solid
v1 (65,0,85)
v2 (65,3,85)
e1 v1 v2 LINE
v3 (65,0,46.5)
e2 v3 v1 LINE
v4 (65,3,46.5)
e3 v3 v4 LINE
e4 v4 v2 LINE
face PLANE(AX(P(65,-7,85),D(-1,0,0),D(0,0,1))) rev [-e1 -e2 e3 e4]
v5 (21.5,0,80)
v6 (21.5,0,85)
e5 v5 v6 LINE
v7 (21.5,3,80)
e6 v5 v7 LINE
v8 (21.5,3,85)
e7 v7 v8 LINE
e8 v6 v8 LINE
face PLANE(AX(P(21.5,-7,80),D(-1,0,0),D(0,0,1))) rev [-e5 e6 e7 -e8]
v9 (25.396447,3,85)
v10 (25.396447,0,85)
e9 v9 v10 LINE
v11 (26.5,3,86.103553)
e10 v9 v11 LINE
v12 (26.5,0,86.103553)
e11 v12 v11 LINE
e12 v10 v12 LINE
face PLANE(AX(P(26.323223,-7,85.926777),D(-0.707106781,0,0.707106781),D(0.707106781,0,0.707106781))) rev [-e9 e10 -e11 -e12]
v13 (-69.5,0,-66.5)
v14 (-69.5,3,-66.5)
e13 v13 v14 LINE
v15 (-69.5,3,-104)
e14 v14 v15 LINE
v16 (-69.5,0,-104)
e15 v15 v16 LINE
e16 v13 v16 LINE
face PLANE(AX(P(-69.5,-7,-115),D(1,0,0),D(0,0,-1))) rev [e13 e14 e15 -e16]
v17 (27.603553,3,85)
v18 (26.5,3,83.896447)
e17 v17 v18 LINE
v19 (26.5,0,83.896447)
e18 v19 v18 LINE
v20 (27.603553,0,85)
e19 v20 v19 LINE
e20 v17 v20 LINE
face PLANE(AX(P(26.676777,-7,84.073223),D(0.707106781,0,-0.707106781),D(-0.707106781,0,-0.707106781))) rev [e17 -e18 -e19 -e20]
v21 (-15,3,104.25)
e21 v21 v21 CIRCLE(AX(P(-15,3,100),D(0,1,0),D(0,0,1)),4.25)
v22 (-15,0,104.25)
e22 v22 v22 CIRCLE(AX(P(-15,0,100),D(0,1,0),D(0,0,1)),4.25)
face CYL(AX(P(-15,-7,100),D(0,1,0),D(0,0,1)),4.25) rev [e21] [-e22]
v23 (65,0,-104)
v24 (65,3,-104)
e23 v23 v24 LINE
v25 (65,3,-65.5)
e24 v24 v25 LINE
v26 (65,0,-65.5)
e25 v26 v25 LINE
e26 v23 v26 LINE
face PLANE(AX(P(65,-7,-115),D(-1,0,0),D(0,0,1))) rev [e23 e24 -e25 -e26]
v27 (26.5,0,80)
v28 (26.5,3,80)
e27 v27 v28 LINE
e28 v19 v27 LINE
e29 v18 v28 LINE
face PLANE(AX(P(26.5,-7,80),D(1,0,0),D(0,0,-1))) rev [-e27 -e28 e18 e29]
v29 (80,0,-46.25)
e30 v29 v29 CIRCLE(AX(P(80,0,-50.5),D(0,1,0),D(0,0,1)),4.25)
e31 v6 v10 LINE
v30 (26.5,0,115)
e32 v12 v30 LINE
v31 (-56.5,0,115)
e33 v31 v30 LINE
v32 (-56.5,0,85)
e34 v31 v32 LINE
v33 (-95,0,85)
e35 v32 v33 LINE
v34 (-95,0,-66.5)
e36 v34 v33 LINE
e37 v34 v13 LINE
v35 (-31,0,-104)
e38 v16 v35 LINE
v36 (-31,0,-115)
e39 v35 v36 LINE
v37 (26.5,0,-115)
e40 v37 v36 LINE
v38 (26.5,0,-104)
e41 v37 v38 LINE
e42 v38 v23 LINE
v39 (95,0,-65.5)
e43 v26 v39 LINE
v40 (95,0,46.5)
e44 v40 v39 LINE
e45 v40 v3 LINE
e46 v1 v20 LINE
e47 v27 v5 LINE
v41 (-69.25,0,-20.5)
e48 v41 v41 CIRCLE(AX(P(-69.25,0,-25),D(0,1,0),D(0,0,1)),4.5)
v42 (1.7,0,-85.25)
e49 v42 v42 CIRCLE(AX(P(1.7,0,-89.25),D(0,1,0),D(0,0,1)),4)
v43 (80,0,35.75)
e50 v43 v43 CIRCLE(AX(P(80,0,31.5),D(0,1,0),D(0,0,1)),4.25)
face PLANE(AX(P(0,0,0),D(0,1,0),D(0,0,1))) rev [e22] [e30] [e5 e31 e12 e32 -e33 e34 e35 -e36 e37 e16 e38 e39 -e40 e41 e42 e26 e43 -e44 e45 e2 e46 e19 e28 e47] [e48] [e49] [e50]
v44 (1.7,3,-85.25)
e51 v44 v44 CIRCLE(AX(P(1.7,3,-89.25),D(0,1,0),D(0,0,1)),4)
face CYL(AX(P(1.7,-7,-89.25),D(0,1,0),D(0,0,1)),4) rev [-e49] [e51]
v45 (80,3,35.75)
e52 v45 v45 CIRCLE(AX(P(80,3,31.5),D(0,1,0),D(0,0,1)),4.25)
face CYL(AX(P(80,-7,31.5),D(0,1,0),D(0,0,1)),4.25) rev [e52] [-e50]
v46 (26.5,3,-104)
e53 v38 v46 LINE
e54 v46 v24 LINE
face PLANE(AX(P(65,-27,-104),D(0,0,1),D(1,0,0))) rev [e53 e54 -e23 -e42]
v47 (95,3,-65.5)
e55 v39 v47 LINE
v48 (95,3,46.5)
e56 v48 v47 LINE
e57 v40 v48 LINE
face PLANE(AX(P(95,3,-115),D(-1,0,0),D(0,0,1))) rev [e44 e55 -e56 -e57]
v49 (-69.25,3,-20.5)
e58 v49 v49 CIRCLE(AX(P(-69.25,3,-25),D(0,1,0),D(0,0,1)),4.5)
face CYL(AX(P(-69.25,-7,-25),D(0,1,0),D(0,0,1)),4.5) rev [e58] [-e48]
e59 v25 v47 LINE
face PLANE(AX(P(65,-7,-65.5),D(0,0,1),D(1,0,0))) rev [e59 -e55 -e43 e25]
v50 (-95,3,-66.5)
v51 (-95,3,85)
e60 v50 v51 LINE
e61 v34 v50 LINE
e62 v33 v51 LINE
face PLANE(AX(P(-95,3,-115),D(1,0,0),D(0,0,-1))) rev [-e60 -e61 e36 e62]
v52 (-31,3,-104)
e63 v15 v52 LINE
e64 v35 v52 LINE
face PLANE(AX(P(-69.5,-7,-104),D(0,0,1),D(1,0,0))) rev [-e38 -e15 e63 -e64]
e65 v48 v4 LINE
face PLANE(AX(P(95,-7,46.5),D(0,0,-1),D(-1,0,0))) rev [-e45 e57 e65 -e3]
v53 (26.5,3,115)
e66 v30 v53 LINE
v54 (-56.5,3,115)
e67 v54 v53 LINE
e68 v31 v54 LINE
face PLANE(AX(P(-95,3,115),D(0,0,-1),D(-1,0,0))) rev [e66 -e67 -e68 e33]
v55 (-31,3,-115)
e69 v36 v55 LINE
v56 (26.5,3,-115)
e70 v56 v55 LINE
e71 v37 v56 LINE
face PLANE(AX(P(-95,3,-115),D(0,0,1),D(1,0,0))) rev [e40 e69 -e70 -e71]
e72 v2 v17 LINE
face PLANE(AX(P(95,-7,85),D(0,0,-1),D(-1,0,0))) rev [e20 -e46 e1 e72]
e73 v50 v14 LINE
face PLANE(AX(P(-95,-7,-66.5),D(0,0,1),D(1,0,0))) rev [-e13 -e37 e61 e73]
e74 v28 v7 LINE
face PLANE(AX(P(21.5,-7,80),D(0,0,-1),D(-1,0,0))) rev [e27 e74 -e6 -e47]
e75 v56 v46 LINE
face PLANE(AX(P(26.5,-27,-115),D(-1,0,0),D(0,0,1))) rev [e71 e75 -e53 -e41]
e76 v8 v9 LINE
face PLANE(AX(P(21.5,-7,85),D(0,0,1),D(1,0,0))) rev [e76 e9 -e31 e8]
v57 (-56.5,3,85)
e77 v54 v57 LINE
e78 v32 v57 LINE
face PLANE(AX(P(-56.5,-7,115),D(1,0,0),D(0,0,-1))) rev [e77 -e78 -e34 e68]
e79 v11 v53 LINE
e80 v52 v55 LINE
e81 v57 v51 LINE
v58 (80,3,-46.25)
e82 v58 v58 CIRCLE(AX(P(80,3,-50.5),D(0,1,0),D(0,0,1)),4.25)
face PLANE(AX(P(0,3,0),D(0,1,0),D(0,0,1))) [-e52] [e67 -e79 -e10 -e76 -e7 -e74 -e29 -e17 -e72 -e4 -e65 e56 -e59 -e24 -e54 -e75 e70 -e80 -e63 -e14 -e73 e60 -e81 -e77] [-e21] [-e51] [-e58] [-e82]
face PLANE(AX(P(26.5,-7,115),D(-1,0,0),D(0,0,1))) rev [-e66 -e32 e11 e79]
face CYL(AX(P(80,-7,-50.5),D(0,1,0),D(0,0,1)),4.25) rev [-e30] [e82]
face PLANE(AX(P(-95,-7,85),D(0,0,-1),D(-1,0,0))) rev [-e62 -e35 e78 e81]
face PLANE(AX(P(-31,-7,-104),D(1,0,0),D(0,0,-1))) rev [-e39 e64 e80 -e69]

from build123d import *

# Parameters (mm, degrees)
CROQUIS1_W              = 190
CROQUIS1_H              = 230
SALIENTE_EXTRUIR2_DEPTH = 3
CROQUIS3_W              = 30
CROQUIS3_H              = 30
CORTAR_EXTRUIR1_DEPTH   = 10
CROQUIS5_W              = 38.5
CROQUIS5_H              = 30
CORTAR_EXTRUIR2_DEPTH   = 10
CROQUIS6_W              = 30
CROQUIS6_H              = 38.5
CORTAR_EXTRUIR3_DEPTH   = 10
CROQUIS7_W              = 38.5
CROQUIS7_H              = 30
CORTAR_EXTRUIR4_DEPTH   = 10
CORTAR_EXTRUIR12_DEPTH  = 10
CROQUIS11_W             = 5
CROQUIS11_H             = 5
CORTAR_EXTRUIR13_DEPTH  = 10
CORTAR_EXTRUIR14_DEPTH  = 10
CORTAR_EXTRUIR15_DEPTH  = 10
CORTAR_EXTRUIR16_DEPTH  = 10
CROQUIS15_W             = 30
CROQUIS15_H             = 38.5
CORTAR_EXTRUIR17_DEPTH  = 10
CROQUIS16_W             = 25.5
CROQUIS16_H             = 48.5
CORTAR_EXTRUIR18_DEPTH  = 10
CROQUIS17_W             = 24
CROQUIS17_H             = 11
CORTAR_EXTRUIR19_DEPTH  = 10
CROQUIS18_W             = 14.5
CROQUIS18_H             = 11
CORTAR_EXTRUIR20_DEPTH  = 10
CROQUIS19_R             = 4.25
CORTAR_EXTRUIR21_DEPTH  = 10
CROQUIS20_R             = 4.25
CORTAR_EXTRUIR22_DEPTH  = 10
CROQUIS21_R             = 4.5
CORTAR_EXTRUIR23_DEPTH  = 10
CROQUIS22_R             = 4
CORTAR_EXTRUIR24_DEPTH  = 10
CROQUIS23_W             = 30
CROQUIS23_H             = 38.5
CORTAR_EXTRUIR25_DEPTH  = 10
CROQUIS24_R             = 4.25
CORTAR_EXTRUIR26_DEPTH  = 10
SALIENTE_EXTRUIR4_DEPTH = 3
CROQUIS26_W             = 38.5
CROQUIS26_H             = 11
CORTAR_EXTRUIR27_DEPTH  = 30


with BuildPart() as part:
    # Croquis1 → Saliente-Extruir2 (new body)
    with BuildSketch(Plane(origin=(0, 0, 0), x_dir=(1, 0, 0), z_dir=(0, 1, 0))):
        Rectangle(CROQUIS1_W, CROQUIS1_H)
    extrude(amount=SALIENTE_EXTRUIR2_DEPTH)

    # Croquis3 → Cortar-Extruir1 (cut)
    with BuildSketch(Plane(origin=(0, 3, 0), x_dir=(1, 0, 0), z_dir=(0, 1, 0))):
        with Locations((80, -100)):
            Rectangle(CROQUIS3_W, CROQUIS3_H)
    extrude(amount=-CORTAR_EXTRUIR1_DEPTH, mode=Mode.SUBTRACT)

    # Croquis5 → Cortar-Extruir2 (cut)
    with BuildSketch(Plane(origin=(0, 3, 0), x_dir=(1, 0, 0), z_dir=(0, 1, 0))):
        with Locations((45.75, -100)):
            Rectangle(CROQUIS5_W, CROQUIS5_H)
    extrude(amount=-CORTAR_EXTRUIR2_DEPTH, mode=Mode.SUBTRACT)

    # Croquis6 → Cortar-Extruir3 (cut)
    with BuildSketch(Plane(origin=(0, 3, 0), x_dir=(1, 0, 0), z_dir=(0, 1, 0))):
        with Locations((80, -65.75)):
            Rectangle(CROQUIS6_W, CROQUIS6_H)
    extrude(amount=-CORTAR_EXTRUIR3_DEPTH, mode=Mode.SUBTRACT)

    # Croquis7 → Cortar-Extruir4 (cut)
    with BuildSketch(Plane(origin=(0, 3, 0), x_dir=(1, 0, 0), z_dir=(0, 1, 0))):
        with Locations((-75.75, -100)):
            Rectangle(CROQUIS7_W, CROQUIS7_H)
    extrude(amount=-CORTAR_EXTRUIR4_DEPTH, mode=Mode.SUBTRACT)

    # Croquis9 → Cortar-Extruir12 (cut)
    with BuildSketch(Plane(origin=(0, 3, 0), x_dir=(1, 0, 0), z_dir=(0, 1, 0))):
        Polygon((26.5, -85), (26.5, -85.75), (25.75, -85), (26.5, -84.25), (27.25, -85), align=None)
    extrude(amount=-CORTAR_EXTRUIR12_DEPTH, mode=Mode.SUBTRACT)

    # Croquis11 → Cortar-Extruir13 (cut)
    with BuildSketch(Plane(origin=(0, 3, 0), x_dir=(1, 0, 0), z_dir=(0, 1, 0))):
        with Locations((24, -82.5)):
            Rectangle(CROQUIS11_W, CROQUIS11_H)
    extrude(amount=-CORTAR_EXTRUIR13_DEPTH, mode=Mode.SUBTRACT)

    # Croquis12 → Cortar-Extruir14 (cut)
    with BuildSketch(Plane(origin=(0, 3, 0), x_dir=(1, 0, 0), z_dir=(0, 1, 0))):
        Polygon((26.5, -85.75), (25.75, -85), (25.573223305, -85.176776695), (26.323223305, -85.926776695), align=None)
    extrude(amount=-CORTAR_EXTRUIR14_DEPTH, mode=Mode.SUBTRACT)

    # Croquis13 → Cortar-Extruir15 (cut)
    with BuildSketch(Plane(origin=(0, 3, 0), x_dir=(1, 0, 0), z_dir=(0, 1, 0))):
        Polygon((26.5, -84.25), (27.25, -85), (27.426776695, -84.823223305), (26.676776695, -84.073223305), align=None)
    extrude(amount=-CORTAR_EXTRUIR15_DEPTH, mode=Mode.SUBTRACT)

    # Croquis14 → Cortar-Extruir16 (cut)
    with BuildSketch(Plane(origin=(0, 3, 0), x_dir=(1, 0, 0), z_dir=(0, 1, 0))):
        Polygon((25.573223305, -85.176776695), (25.75, -85), (25.002200766, -84.252200766), (24.82542407, -84.428977461), align=None)
        Polygon((26.323223305, -85.926776695), (26.5, -85.75), (26.914058622, -86.164058622), (26.737281927, -86.340835317), align=None)
        Polygon((27.426776695, -84.823223305), (27.25, -85), (27.599112283, -85.349112283), (27.775888978, -85.172335588), align=None)
        Polygon((26.676776695, -84.073223305), (26.5, -84.25), (26.076932461, -83.826932461), (26.253709156, -83.650155766), align=None)
    extrude(amount=-CORTAR_EXTRUIR16_DEPTH, mode=Mode.SUBTRACT)

    # Croquis15 → Cortar-Extruir17 (cut)
    with BuildSketch(Plane(origin=(0, 3, 0), x_dir=(1, 0, 0), z_dir=(0, 1, 0))):
        with Locations((80, 95.75)):
            Rectangle(CROQUIS15_W, CROQUIS15_H)
    extrude(amount=-CORTAR_EXTRUIR17_DEPTH, mode=Mode.SUBTRACT)

    # Croquis16 → Cortar-Extruir18 (cut)
    with BuildSketch(Plane(origin=(0, 3, 0), x_dir=(1, 0, 0), z_dir=(0, 1, 0))):
        with Locations((-82.25, 90.75)):
            Rectangle(CROQUIS16_W, CROQUIS16_H)
    extrude(amount=-CORTAR_EXTRUIR18_DEPTH, mode=Mode.SUBTRACT)

    # Croquis17 → Cortar-Extruir19 (cut)
    with BuildSketch(Plane(origin=(0, 3, 0), x_dir=(1, 0, 0), z_dir=(0, 1, 0))):
        with Locations((-57.5, 109.5)):
            Rectangle(CROQUIS17_W, CROQUIS17_H)
    extrude(amount=-CORTAR_EXTRUIR19_DEPTH, mode=Mode.SUBTRACT)

    # Croquis18 → Cortar-Extruir20 (cut)
    with BuildSketch(Plane(origin=(0, 3, 0), x_dir=(1, 0, 0), z_dir=(0, 1, 0))):
        with Locations((-38.25, 109.5)):
            Rectangle(CROQUIS18_W, CROQUIS18_H)
    extrude(amount=-CORTAR_EXTRUIR20_DEPTH, mode=Mode.SUBTRACT)

    # Croquis19 → Cortar-Extruir21 (cut)
    with BuildSketch(Plane(origin=(0, 3, 0), x_dir=(1, 0, 0), z_dir=(0, 1, 0))):
        with Locations(Location((80, 61.5, 0), (0, 0, 270))):
            Circle(CROQUIS19_R)
        with Locations(Location((80, -31.5, 0), (0, 0, 270))):
            Circle(CROQUIS19_R)
    extrude(amount=-CORTAR_EXTRUIR21_DEPTH, mode=Mode.SUBTRACT)

    # Croquis20 → Cortar-Extruir22 (cut)
    with BuildSketch(Plane(origin=(0, 3, 0), x_dir=(1, 0, 0), z_dir=(0, 1, 0))):
        with Locations(Location((-15, -100, 0), (0, 0, 270))):
            Circle(CROQUIS20_R)
    extrude(amount=-CORTAR_EXTRUIR22_DEPTH, mode=Mode.SUBTRACT)

    # Croquis21 → Cortar-Extruir23 (cut)
    with BuildSketch(Plane(origin=(0, 3, 0), x_dir=(1, 0, 0), z_dir=(0, 1, 0))):
        with Locations(Location((-69.25, 25, 0), (0, 0, 270))):
            Circle(CROQUIS21_R)
    extrude(amount=-CORTAR_EXTRUIR23_DEPTH, mode=Mode.SUBTRACT)

    # Croquis22 → Cortar-Extruir24 (cut)
    with BuildSketch(Plane(origin=(0, 3, 0), x_dir=(1, 0, 0), z_dir=(0, 1, 0))):
        with Locations(Location((1.7, 89.25, 0), (0, 0, 270))):
            Circle(CROQUIS22_R)
    extrude(amount=-CORTAR_EXTRUIR24_DEPTH, mode=Mode.SUBTRACT)

    # Croquis23 → Cortar-Extruir25 (cut)
    with BuildSketch(Plane(origin=(0, 3, 0), x_dir=(1, 0, 0), z_dir=(0, 1, 0))):
        with Locations((80, 84.75)):
            Rectangle(CROQUIS23_W, CROQUIS23_H)
    extrude(amount=-CORTAR_EXTRUIR25_DEPTH, mode=Mode.SUBTRACT)

    # Croquis24 → Cortar-Extruir26 (cut)
    with BuildSketch(Plane(origin=(0, 3, 0), x_dir=(1, 0, 0), z_dir=(0, 1, 0))):
        with Locations(Location((80, 50.5, 0), (0, 0, 270))):
            Circle(CROQUIS24_R)
    extrude(amount=-CORTAR_EXTRUIR26_DEPTH, mode=Mode.SUBTRACT)

    # Croquis25 → Saliente-Extruir4 (add)
    with BuildSketch(Plane(origin=(0, 3, 0), x_dir=(1, 0, 0), z_dir=(0, 1, 0))):
        with BuildLine():
            Line((78.563859338, 65.5), (81.436140662, 65.5))
            ThreePointArc((81.436140662, 65.5), (80, 57.25), (78.563859338, 65.5))
        make_face()
    extrude(amount=-SALIENTE_EXTRUIR4_DEPTH)

    # Croquis26 → Cortar-Extruir27 (cut)
    with BuildSketch(Plane(origin=(0, 3, 0), x_dir=(1, 0, 0), z_dir=(0, 1, 0))):
        with Locations((45.75, 109.5)):
            Rectangle(CROQUIS26_W, CROQUIS26_H)
    extrude(amount=-CORTAR_EXTRUIR27_DEPTH, mode=Mode.SUBTRACT)


solid = part.part
